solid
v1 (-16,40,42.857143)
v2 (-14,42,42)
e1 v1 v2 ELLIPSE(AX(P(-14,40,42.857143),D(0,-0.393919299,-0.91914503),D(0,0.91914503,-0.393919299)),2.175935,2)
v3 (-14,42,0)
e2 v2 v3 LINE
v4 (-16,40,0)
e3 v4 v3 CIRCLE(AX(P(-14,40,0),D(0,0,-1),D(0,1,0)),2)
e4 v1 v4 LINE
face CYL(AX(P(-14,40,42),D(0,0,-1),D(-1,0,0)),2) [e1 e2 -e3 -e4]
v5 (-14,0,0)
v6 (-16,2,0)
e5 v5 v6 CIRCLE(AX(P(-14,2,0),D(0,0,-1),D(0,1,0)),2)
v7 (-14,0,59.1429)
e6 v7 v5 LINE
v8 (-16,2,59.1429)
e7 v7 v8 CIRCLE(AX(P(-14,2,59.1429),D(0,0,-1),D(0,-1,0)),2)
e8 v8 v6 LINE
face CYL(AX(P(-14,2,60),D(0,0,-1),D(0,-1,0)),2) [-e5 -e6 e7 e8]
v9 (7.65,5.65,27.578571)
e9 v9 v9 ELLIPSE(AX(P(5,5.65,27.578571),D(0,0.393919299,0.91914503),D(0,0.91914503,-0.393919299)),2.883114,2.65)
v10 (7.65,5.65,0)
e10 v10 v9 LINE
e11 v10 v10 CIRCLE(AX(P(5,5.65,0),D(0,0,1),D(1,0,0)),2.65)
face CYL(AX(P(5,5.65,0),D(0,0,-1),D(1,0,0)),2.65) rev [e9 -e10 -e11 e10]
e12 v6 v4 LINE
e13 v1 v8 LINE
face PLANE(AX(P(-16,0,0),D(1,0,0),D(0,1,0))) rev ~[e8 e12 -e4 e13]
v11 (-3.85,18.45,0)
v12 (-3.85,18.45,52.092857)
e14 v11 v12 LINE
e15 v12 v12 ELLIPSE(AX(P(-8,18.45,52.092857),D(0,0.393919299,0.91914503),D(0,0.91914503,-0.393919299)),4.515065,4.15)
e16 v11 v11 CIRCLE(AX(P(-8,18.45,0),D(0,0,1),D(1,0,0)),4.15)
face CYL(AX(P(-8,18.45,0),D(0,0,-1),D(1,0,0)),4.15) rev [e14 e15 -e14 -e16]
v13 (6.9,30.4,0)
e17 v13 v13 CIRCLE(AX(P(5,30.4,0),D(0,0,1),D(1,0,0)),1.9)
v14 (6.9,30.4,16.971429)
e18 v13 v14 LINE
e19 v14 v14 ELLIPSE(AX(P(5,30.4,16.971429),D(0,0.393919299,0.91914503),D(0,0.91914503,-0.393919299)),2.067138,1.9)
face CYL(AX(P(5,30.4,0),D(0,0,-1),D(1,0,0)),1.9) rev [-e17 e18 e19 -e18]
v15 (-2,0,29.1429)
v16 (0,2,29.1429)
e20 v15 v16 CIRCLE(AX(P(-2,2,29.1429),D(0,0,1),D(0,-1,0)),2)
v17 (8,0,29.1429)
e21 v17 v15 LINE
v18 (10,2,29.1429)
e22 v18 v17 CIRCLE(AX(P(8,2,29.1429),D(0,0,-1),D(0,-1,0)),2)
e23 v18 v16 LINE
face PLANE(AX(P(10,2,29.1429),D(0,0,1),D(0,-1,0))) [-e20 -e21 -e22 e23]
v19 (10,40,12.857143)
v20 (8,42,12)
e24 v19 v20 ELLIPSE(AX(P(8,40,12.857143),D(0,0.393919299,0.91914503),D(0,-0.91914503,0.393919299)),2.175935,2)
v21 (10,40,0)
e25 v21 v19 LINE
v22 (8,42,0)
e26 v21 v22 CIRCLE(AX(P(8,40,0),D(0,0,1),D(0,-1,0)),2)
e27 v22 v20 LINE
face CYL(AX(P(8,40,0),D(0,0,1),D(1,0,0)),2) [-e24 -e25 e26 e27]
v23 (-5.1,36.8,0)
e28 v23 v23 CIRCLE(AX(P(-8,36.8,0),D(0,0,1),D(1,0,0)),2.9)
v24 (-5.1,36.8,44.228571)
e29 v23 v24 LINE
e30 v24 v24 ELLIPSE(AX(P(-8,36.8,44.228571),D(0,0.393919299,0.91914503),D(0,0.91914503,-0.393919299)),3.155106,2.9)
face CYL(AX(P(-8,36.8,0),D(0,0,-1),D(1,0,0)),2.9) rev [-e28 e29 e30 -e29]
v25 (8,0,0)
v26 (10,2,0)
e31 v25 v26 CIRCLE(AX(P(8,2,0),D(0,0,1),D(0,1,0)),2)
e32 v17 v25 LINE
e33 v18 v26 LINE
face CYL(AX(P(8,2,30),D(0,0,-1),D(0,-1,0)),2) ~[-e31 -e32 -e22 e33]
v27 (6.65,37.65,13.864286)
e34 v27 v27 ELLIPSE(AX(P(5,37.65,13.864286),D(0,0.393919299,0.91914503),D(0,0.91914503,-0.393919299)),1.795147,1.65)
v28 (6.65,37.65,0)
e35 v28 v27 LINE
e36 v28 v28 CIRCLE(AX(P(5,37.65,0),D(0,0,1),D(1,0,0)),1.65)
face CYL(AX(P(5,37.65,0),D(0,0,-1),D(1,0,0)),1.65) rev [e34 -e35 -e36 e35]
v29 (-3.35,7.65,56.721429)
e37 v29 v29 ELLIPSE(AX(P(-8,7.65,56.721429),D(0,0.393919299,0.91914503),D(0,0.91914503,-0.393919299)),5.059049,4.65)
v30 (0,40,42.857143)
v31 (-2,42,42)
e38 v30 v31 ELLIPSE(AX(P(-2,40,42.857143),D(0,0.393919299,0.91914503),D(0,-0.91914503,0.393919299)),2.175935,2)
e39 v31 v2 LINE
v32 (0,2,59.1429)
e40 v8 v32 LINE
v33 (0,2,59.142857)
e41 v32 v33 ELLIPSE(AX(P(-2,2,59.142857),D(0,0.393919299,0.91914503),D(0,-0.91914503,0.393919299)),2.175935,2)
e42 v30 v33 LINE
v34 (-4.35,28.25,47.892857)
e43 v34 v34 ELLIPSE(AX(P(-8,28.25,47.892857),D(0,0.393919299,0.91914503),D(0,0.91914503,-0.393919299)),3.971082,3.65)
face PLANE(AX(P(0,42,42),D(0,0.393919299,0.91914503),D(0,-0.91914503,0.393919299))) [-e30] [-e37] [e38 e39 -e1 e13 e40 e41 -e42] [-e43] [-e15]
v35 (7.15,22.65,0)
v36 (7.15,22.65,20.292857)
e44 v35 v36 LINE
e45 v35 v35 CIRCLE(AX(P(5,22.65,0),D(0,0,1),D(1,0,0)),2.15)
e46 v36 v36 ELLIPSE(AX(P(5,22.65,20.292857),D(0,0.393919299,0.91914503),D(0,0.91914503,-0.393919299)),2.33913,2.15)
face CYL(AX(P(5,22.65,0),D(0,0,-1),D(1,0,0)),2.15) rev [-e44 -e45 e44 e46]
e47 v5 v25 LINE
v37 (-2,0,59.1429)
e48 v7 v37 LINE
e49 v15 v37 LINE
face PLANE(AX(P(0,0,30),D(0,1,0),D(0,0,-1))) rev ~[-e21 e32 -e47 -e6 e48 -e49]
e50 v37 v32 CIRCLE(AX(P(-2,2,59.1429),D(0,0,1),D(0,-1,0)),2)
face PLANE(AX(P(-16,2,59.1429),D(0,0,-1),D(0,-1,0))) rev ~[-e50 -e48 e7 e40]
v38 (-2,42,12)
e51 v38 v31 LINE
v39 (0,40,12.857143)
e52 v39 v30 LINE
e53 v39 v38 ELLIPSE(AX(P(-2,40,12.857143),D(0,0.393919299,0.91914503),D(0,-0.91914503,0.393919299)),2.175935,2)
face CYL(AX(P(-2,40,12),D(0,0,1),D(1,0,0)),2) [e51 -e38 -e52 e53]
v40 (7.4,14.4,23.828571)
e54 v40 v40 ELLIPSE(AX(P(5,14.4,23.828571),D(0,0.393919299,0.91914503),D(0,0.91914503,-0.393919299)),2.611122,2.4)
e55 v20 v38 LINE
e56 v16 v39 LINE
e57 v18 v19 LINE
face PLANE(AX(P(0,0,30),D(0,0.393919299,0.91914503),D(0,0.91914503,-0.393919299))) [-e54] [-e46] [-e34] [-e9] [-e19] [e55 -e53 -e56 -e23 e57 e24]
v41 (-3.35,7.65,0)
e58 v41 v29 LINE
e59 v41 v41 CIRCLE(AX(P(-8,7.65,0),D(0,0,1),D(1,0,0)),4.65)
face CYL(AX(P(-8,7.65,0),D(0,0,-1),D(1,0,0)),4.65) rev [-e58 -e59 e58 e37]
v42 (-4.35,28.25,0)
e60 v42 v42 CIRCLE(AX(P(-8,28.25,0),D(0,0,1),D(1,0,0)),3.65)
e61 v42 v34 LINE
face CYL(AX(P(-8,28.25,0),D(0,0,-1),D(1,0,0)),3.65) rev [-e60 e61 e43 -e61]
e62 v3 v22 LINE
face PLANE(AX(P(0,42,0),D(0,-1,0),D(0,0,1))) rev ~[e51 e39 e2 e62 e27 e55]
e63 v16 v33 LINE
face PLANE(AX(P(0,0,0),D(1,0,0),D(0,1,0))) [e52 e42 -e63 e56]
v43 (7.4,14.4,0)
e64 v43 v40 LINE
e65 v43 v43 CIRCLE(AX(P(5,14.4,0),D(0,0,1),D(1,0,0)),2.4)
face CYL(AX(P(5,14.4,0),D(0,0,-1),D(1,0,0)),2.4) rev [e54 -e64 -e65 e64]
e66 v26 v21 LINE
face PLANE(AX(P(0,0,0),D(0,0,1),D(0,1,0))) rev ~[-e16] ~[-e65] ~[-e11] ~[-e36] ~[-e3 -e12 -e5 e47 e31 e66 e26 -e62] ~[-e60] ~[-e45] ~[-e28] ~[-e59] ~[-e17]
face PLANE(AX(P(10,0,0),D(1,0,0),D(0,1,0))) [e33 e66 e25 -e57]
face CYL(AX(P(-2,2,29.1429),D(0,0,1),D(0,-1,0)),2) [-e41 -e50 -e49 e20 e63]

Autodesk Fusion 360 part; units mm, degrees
sketch "Base Profile" plane through (0, 0, 0) normal (1, 0, 0) x (0, 1, 0)
  line L0 (0, 0) -> (42, 0)
  line L1 (42, 0) -> (42, 42)
  line L2 (42, 42) -> (0, 60)
  line L3 (0, 60) -> (0, 0)
  line L4 (0, 30) -> (42, 12)
  dimension "d1" = 42
  dimension "d2" = 60
  dimension "d3" = 42
  dimension "d4" = 30
extrude "Extrude1" add sketch "Base Profile" against normal blind 16
extrude "Extrude2" add sketch "Base Profile" along normal blind 10 contours L0 L1 L3 L4
sketch "Hole Layouts" plane through (0, 0, 0) normal (0, 0, 1) x (1, 0, 0)
  line L0 (0, 42) -> (0, 0)
  line L1 (0, 0) -> (10, 0)
  line L2 (10, 0) -> (10, 42)
  line L3 (10, 42) -> (0, 42)
  line L4 (0, 0) -> (0, 42)
  line L5 (0, 42) -> (-16, 42)
  line L6 (-16, 42) -> (-16, 0)
  line L7 (-16, 0) -> (0, 0)
  circle A0 centre (-8, 7.65) radius 4.65
  circle A1 centre (-8, 18.45) radius 4.15
  circle A2 centre (-8, 28.25) radius 3.65
  circle A3 centre (-8, 36.8) radius 2.9
  line L8 (5, 0) -> (5, 42) construction
  circle A4 centre (5, 5.65) radius 2.65
  circle A5 centre (5, 14.4) radius 2.4
  circle A6 centre (5, 22.65) radius 2.15
  circle A7 centre (5, 30.4) radius 1.9
  circle A8 centre (5, 37.65) radius 1.65
  line L9 (-8, 0) -> (-8, 42) construction
  dimension "d10" = 9.3
  dimension "d11" = 8.3
  dimension "d12" = 7.3
  dimension "d13" = 5.8
  dimension "d15" = 2
  dimension "d16" = 2
  dimension "d17" = 2
  dimension "d19" = 3
  dimension "d20" = 2.3
  dimension "d21" = 5.3
  dimension "d22" = 4.8
  dimension "d23" = 4.3
  dimension "d24" = 3.8
  dimension "d25" = 3.3
  dimension "d26" = 3.7
  dimension "d27" = 3.7
  dimension "d29" = 3.7
  dimension "d30" = 3.7
  dimension "d32" = 2.7
  dimension "d33" = 3
extrude "Extrude3" cut sketch "Hole Layouts" along normal through all contours A0 | A1 | A2 | A3 | A4 | A5 | A6 | A7 | A8
fillet "Fillet1" radius 2 5 edges at (0, 42, 27) (10, 42, 6) (10, 0, 15) (-16, 42, 21) (-16, 0, 30)
sketch "Clipping corners for Printing" plane through (-16, 0, 0) normal (-1, 0, 0) x (0, -1, 0)
  line L0 (-2, 0) -> (-2, 59.1429)
  line L1 (-2, 59.1429) -> (-40, 42.8571)
  line L2 (-40, 42.8571) -> (-40, 0)
  line L3 (-40, 0) -> (-2, 0)
  line L4 (-42, 42) -> (0, 60)
  line L5 (0, 60) -> (0, 0)
  line L6 (-2, 59.1429) -> (0, 59.1429)
  line L7 (-2, 59.1429) -> (-40, 42.8571)
  line L8 (0, 30) -> (-42, 12)
  line L9 (-2, 0) -> (-2, 29.1429)
  line L10 (-2, 29.1429) -> (0, 29.1429)
  point P0 (-3, 58.7143)
extrude "Extrude4" cut sketch "Clipping corners for Printing" against normal through all contours L4 L5 L6
extrude "Extrude5" cut sketch "Clipping corners for Printing" along normal up to surface (10 mm away) from surface at -26 contours L5 L8 L10
fillet "Fillet2" radius 2 1 edges at (0, 0, 44.1429)
equation "d10 = 9 mm + SlipFitTolerance"
equation "d11 = 8 mm + SlipFitTolerance"
equation "d12 = 7 mm + SlipFitTolerance"
equation "d13 = 5.5 mm + SlipFitTolerance"
equation "d16 = d15"
equation "d17 = d15"
equation "d21 = 5 mm + SlipFitTolerance"
equation "d22 = 4.5 mm + SlipFitTolerance"
equation "d23 = 4 mm + SlipFitTolerance"
equation "d24 = 3.5 mm + SlipFitTolerance"
equation "d25 = 3 mm + SlipFitTolerance"
equation "d27 = d26"
equation "d29 = d26"
equation "d30 = d26"
equation "SlipFitTolerance = 0.3 mm"
